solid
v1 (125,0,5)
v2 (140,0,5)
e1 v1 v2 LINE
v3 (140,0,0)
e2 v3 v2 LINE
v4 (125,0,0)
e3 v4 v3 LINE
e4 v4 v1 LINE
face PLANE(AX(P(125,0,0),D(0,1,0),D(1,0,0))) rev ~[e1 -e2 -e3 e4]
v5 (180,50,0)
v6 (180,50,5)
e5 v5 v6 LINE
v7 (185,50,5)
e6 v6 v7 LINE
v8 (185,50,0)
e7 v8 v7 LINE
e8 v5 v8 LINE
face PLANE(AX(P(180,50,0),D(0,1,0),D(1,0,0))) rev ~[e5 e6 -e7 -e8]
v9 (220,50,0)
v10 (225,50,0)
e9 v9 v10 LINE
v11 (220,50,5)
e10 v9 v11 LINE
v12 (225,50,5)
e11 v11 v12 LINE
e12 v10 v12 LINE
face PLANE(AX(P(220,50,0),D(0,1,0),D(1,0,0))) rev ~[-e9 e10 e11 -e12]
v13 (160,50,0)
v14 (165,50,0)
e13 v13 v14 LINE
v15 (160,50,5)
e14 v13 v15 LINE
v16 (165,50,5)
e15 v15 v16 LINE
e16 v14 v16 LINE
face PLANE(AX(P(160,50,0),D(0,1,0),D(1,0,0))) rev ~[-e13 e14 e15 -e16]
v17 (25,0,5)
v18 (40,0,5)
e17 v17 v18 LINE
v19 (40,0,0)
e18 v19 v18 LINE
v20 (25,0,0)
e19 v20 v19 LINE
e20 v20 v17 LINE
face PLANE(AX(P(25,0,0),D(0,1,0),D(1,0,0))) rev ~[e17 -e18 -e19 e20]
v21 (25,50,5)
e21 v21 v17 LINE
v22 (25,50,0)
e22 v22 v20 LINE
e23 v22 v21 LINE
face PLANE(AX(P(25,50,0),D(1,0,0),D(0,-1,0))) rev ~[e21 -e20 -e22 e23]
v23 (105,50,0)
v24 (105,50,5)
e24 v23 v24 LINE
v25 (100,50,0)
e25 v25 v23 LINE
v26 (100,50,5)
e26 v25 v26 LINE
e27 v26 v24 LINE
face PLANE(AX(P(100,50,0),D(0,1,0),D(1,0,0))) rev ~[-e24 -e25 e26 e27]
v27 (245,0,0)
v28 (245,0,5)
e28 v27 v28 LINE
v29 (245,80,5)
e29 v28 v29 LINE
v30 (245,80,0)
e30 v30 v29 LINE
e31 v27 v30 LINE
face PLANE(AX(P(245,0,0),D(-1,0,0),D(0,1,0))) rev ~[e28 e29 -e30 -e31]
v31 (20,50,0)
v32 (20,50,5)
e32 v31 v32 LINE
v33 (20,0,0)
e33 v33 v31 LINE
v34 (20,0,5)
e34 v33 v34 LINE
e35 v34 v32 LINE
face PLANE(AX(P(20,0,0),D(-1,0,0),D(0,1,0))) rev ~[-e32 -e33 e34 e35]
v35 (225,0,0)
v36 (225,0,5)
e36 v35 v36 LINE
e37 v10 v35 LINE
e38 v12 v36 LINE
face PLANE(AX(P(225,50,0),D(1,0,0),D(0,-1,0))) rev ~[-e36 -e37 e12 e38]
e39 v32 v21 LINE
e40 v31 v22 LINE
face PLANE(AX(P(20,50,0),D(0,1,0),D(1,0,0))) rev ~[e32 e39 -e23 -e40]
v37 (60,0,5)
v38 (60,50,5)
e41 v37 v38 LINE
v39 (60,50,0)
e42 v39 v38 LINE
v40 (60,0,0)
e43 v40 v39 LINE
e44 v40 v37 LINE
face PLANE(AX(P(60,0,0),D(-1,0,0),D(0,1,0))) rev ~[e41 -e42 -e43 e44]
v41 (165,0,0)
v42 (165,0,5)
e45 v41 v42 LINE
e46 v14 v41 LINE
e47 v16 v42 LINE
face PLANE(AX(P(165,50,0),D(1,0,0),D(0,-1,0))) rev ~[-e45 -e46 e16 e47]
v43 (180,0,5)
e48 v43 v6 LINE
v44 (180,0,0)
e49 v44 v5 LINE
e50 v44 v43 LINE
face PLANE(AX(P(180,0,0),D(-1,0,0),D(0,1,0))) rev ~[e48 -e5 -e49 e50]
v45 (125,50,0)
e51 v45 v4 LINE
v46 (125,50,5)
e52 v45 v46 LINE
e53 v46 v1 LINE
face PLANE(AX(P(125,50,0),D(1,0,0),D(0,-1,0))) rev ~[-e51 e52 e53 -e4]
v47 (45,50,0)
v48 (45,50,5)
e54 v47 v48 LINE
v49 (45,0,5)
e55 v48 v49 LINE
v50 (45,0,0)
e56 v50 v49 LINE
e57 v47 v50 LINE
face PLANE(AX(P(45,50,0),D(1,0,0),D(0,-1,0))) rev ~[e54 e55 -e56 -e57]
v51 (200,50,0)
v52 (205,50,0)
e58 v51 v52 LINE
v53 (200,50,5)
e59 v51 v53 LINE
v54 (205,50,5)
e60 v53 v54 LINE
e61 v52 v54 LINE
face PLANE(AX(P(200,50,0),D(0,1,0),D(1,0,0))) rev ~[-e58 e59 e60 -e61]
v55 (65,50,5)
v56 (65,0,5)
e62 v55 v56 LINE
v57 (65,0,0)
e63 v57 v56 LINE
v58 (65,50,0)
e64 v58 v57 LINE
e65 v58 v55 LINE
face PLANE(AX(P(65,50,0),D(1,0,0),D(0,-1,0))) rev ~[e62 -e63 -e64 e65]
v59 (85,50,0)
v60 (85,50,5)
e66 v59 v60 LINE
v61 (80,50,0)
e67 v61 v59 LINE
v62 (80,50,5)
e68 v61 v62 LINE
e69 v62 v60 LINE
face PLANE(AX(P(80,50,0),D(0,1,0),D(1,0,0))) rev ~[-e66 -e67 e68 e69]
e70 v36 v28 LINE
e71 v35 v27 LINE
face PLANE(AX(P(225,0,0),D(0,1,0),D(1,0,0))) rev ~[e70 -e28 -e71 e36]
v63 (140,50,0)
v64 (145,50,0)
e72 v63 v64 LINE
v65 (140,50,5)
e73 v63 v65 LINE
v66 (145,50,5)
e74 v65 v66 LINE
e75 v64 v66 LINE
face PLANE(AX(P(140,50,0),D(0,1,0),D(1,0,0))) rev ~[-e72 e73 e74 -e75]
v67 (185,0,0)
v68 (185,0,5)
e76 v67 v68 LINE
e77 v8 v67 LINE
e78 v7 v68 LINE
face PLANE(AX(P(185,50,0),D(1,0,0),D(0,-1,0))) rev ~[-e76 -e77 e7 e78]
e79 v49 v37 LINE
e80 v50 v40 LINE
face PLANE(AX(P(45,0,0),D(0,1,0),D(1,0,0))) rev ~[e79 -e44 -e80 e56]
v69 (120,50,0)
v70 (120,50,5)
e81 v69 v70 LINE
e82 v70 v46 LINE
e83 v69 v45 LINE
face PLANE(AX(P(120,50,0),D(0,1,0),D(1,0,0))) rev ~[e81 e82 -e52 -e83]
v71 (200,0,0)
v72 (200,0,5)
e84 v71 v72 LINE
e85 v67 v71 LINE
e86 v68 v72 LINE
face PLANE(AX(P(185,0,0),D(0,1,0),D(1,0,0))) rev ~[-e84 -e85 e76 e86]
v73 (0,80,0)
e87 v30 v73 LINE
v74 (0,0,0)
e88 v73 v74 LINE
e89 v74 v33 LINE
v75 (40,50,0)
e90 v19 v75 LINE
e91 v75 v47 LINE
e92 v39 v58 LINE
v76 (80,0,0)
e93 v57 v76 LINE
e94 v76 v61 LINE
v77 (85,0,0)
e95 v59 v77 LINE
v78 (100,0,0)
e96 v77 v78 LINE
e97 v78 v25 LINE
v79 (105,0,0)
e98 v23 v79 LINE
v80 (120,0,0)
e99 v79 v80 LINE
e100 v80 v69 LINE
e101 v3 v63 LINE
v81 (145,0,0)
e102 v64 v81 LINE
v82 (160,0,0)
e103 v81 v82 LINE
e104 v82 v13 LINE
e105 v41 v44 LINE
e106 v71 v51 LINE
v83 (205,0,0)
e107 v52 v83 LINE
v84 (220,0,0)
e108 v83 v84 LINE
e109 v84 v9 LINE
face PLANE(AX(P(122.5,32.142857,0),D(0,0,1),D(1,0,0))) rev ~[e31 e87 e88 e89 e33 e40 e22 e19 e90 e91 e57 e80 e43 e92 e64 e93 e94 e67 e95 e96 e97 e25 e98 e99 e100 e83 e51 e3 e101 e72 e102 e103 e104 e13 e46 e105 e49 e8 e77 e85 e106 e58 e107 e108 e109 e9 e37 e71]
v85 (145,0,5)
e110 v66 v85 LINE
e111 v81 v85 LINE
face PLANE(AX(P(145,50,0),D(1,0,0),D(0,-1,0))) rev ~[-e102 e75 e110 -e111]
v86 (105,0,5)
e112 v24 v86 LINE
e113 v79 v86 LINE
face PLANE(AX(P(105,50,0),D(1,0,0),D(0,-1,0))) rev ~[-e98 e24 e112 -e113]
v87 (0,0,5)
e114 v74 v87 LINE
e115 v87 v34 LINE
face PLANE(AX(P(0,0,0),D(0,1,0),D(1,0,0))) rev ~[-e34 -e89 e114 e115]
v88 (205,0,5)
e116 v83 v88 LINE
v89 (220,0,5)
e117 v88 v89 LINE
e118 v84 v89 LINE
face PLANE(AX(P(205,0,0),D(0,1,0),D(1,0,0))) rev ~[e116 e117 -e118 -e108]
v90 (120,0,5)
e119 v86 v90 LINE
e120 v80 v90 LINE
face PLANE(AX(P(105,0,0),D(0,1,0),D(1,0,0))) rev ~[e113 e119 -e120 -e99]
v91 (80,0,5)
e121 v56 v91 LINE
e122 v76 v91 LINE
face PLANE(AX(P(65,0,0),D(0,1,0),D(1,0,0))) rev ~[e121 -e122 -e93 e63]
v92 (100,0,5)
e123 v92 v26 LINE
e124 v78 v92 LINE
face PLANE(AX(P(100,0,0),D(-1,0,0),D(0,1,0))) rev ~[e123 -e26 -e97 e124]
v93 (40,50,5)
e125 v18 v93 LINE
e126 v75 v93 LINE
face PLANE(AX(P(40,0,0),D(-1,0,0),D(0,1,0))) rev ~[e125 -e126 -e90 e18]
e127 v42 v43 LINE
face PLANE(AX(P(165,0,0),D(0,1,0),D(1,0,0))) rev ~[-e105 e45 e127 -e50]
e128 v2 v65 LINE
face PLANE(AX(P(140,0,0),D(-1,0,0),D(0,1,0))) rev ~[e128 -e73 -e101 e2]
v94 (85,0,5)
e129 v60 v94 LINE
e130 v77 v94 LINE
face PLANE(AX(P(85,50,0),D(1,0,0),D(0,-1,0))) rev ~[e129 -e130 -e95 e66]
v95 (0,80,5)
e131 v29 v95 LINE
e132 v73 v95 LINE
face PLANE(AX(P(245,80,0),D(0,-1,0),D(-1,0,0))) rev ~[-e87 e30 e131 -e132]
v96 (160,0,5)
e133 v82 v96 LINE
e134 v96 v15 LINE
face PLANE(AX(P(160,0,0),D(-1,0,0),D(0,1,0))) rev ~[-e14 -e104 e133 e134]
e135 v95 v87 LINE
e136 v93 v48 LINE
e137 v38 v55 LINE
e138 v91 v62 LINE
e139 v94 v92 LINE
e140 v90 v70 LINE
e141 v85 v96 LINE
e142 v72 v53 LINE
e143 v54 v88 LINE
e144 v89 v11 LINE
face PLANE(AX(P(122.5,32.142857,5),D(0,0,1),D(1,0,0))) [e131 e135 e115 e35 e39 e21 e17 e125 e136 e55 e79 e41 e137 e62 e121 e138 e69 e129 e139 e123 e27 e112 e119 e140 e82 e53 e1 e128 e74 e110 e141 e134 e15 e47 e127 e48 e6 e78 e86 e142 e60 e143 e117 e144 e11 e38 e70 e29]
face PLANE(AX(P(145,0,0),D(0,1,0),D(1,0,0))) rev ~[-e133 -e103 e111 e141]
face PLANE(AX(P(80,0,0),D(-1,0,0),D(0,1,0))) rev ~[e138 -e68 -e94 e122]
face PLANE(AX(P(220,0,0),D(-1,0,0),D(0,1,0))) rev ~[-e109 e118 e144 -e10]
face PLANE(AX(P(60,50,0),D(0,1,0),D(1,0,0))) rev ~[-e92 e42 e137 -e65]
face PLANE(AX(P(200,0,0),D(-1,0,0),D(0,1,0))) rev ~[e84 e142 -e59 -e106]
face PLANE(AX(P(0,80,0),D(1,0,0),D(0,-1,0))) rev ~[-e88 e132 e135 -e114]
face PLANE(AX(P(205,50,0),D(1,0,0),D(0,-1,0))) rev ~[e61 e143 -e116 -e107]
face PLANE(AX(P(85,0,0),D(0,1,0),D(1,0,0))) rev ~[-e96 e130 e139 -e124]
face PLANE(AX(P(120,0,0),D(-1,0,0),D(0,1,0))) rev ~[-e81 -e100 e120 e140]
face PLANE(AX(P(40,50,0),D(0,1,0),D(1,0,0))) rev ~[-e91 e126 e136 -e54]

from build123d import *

# Parameters (mm, degrees)
F1_DEPTH = 5


with BuildPart() as f1:
    # F0 (on Top) → F1 (new body)
    with BuildSketch(Plane.XY):
        Polygon((0, 80), (0, 0), (20, 0), (20, 50), (22.5, 50), (25, 50), (25, 0), (40, 0), (40, 50), (42.5, 50), (45, 50), (45, 0), (60, 0), (60, 50), (62.5, 50), (65, 50), (65, 0), (80, 0), (80, 50), (82.5, 50), (85, 50), (85, 0), (100, 0), (100, 50), (102.5, 50), (105, 50), (105, 0), (120, 0), (120, 50), (122.5, 50), (125, 50), (125, 0), (140, 0), (140, 50), (142.5, 50), (145, 50), (145, 0), (160, 0), (160, 50), (162.5, 50), (165, 50), (165, 0), (180, 0), (180, 50), (182.5, 50), (185, 50), (185, 0), (200, 0), (200, 50), (202.5, 50), (205, 50), (205, 0), (220, 0), (220, 50), (222.5, 50), (225, 50), (225, 0), (245, 0), (245, 80), align=None)
    extrude(amount=F1_DEPTH)


solid = f1.part
